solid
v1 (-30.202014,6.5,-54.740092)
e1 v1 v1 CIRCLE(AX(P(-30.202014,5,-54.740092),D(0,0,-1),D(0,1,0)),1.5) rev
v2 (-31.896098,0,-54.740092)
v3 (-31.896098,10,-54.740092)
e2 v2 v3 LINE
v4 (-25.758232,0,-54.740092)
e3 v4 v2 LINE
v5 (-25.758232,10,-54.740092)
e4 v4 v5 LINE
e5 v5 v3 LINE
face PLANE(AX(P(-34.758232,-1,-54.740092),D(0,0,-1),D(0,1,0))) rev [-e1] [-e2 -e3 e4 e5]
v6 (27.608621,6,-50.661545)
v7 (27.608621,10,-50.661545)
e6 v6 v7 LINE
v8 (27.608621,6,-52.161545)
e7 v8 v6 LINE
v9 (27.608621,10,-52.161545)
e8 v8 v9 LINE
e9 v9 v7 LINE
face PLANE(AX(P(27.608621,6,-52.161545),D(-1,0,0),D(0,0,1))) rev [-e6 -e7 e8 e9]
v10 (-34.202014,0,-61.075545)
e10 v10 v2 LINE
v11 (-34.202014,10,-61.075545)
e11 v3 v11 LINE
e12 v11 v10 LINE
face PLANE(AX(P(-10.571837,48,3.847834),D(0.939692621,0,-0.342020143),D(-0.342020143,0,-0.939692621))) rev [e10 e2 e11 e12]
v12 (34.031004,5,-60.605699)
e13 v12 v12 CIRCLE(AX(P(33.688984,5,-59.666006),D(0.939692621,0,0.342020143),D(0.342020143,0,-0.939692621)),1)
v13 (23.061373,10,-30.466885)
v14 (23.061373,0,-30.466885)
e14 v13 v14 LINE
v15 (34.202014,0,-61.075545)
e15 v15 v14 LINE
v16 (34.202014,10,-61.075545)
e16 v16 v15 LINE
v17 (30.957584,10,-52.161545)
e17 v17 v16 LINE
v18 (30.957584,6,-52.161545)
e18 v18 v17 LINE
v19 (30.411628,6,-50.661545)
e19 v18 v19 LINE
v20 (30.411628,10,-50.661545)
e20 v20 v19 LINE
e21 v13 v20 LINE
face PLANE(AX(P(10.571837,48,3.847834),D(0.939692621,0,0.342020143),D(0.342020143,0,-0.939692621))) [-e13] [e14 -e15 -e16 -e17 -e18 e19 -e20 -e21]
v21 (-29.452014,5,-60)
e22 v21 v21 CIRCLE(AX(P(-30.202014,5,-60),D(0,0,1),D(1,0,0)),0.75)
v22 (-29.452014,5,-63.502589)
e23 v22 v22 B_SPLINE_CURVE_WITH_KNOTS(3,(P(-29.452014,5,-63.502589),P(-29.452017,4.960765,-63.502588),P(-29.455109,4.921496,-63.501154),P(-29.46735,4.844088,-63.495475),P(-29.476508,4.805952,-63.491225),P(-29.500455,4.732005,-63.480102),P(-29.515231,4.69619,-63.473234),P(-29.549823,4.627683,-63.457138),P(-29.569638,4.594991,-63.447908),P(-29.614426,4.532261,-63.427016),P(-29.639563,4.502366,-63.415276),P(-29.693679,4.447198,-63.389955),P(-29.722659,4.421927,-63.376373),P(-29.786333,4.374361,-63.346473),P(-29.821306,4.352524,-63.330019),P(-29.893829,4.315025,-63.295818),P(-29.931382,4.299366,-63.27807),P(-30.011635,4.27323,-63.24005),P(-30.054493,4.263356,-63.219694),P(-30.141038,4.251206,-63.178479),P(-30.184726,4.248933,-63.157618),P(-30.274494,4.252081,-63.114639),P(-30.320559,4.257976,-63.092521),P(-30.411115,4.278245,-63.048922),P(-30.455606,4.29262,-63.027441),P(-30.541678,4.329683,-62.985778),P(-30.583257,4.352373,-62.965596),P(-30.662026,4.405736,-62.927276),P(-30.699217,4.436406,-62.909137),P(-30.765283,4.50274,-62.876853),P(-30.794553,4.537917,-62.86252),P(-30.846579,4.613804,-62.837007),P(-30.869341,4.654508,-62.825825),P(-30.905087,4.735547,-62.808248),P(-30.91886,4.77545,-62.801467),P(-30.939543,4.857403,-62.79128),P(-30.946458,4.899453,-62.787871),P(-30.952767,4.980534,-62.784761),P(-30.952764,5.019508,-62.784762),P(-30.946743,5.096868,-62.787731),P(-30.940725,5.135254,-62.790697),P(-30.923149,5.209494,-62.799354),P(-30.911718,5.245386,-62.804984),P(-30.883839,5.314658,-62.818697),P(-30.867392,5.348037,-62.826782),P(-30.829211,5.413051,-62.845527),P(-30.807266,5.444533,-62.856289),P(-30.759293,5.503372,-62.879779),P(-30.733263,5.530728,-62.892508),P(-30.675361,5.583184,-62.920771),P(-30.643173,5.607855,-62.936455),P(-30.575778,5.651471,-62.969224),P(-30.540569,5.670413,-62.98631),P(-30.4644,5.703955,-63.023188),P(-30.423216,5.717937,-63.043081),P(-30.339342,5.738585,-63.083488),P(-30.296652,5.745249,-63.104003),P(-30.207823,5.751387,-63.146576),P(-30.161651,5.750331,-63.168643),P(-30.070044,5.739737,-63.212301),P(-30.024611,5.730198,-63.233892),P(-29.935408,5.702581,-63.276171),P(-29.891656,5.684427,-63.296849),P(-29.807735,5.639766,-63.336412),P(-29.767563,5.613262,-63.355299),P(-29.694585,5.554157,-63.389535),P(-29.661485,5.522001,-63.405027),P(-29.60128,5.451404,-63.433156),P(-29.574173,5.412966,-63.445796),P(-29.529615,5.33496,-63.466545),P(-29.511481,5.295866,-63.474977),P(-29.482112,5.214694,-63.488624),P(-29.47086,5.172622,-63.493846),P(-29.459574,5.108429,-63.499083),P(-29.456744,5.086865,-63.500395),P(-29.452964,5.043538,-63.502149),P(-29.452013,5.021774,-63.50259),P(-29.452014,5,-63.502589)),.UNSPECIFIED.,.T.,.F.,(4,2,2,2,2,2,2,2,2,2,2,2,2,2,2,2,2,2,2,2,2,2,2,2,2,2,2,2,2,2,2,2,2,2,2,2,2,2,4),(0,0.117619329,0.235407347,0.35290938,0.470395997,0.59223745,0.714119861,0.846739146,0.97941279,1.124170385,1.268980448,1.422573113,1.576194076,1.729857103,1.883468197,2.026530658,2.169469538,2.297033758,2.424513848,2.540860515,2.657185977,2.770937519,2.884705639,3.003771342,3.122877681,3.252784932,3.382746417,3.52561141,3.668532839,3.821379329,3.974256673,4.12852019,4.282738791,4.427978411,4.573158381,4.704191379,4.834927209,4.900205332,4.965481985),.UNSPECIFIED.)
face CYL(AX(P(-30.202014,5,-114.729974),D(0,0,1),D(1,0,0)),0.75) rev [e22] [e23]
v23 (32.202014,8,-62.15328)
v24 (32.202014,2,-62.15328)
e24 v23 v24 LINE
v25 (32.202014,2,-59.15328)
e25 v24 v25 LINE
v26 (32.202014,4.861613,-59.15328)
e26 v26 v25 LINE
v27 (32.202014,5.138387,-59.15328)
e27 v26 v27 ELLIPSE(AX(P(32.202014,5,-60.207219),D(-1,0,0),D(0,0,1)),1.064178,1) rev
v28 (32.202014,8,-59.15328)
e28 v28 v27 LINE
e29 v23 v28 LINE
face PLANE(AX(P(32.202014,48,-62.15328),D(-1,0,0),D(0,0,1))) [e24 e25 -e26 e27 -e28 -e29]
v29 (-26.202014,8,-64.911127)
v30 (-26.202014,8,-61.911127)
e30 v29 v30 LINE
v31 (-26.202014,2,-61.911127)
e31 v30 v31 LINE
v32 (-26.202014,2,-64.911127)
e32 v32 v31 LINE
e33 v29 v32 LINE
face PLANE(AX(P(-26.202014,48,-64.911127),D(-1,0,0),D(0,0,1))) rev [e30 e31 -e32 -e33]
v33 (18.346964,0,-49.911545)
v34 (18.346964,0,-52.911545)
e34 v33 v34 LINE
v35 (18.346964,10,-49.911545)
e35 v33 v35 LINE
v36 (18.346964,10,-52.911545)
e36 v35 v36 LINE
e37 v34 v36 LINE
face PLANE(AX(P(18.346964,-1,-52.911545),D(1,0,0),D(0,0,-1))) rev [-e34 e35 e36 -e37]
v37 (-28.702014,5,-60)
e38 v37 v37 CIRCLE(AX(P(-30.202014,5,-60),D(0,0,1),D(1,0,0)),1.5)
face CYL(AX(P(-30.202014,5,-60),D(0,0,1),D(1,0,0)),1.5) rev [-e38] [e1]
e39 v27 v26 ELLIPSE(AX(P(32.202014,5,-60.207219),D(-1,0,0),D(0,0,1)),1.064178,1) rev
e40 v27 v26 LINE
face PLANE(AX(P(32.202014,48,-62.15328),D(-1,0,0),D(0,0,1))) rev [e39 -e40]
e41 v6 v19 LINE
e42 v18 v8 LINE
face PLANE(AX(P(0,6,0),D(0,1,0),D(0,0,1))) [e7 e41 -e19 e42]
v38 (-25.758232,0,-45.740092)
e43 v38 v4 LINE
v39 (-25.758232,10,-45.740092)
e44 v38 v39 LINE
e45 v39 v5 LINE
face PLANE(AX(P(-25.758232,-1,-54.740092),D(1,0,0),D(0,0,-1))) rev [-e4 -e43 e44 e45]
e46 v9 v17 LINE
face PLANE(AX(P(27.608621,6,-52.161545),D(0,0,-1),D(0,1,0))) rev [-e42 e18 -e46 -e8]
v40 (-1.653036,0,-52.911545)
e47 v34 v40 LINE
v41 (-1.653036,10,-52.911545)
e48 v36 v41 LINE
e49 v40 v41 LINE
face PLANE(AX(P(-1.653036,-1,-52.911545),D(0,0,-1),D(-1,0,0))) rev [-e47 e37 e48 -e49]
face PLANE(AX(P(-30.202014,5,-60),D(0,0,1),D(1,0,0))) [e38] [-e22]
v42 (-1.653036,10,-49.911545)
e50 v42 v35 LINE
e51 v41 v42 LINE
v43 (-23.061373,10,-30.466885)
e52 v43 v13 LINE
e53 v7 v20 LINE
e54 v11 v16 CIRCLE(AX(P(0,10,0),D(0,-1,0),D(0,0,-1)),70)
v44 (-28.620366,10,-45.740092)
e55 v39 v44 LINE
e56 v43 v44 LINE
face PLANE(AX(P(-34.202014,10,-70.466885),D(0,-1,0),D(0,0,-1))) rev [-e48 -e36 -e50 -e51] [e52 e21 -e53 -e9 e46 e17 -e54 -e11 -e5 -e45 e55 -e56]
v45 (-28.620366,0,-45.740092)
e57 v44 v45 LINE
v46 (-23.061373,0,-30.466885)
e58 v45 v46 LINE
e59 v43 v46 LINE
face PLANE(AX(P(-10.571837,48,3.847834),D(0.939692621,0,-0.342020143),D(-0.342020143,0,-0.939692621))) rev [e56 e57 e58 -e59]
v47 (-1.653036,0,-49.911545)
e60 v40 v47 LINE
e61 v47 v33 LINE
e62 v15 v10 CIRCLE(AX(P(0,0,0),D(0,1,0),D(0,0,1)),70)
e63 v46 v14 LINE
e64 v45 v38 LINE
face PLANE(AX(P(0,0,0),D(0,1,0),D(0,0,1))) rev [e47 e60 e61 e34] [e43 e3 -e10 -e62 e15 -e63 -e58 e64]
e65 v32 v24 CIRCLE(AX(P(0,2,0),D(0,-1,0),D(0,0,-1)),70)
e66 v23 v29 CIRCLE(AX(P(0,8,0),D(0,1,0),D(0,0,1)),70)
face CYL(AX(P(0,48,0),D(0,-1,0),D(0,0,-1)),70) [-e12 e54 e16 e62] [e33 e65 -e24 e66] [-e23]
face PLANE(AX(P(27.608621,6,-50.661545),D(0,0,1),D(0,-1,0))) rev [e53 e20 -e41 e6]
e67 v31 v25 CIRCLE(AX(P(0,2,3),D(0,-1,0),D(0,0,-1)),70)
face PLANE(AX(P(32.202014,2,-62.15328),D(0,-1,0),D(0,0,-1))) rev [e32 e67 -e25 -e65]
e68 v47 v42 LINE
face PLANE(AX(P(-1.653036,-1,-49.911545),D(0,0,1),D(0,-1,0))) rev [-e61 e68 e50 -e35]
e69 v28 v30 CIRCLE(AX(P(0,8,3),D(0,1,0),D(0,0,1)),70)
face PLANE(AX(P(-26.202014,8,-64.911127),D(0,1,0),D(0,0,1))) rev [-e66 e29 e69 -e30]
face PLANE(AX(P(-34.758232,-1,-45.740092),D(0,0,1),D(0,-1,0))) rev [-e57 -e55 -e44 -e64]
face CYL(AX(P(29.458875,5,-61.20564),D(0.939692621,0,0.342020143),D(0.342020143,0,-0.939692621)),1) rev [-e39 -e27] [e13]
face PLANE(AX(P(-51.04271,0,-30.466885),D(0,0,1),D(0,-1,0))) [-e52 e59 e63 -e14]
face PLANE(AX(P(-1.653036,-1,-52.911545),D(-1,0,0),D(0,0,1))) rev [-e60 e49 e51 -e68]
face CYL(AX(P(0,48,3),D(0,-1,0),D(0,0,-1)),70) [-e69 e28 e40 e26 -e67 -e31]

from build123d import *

# Parameters (mm, degrees)
EXTRUDE_1_DEPTH            = 48
CUT_EXTRUDE_2_REACH        = 96.508
CUT_EXTRUDE_2_START_RADIUS = 70
CUT_EXTRUDE_2_END_RADIUS   = 70
SKETCH_3_W                 = 58.404028666
SKETCH_3_H                 = 6
EXTRUDE_2_DEPTH            = 13
CUT_EXTRUDE_3_DEPTH        = 140.034418617
CUT_EXTRUDE_3_DEPTH_BACK   = 140.034418617
SKETCH_4_W                 = 25
SKETCH_4_H                 = 38
SKETCH_4_W_2               = 40
SKETCH_4_H_2               = 25
CHAMFER_1_SIZE             = 5
CHAMFER_1_SIZE2            = 3.813196151
SKETCH_6_R                 = 6.5
CUT_EXTRUDE_4_DEPTH        = 2
SKETCH_7_R                 = 1.5
CUT_EXTRUDE_5_DEPTH        = 60
SKETCH_8_W                 = 9
SKETCH_8_H                 = 9
CUT_EXTRUDE_6_DEPTH        = 11
CUT_EXTRUDE_8_REACH        = 137.533
SKETCH_10_R                = 1
CUT_EXTRUDE_9_REACH        = 105.034
CUT_EXTRUDE_9_END_RADIUS   = 70
SKETCH_11_R                = 0.75
SKETCH_12_W                = 20
SKETCH_12_H                = 3
CUT_EXTRUDE_10_DEPTH       = 11
SKETCH_13_W                = 3.868283576
SKETCH_13_H                = 1.5
CUT_EXTRUDE_11_DEPTH       = 4
CUT_EXTRUDE_12_REACH       = 137.476
SKETCH_15_OUTSIDE_W        = 122.502
SKETCH_15_OUTSIDE_H        = 162.955
SKETCH_15_OUTSIDE_W_2      = 109.971714071
SKETCH_15_OUTSIDE_H_2      = 49.254432198
CUT_EXTRUDE_13_DEPTH       = 10


with BuildPart() as part:
    # 草图1 → 凸台-拉伸1 (new body)
    with BuildSketch(Plane(origin=(0, 0, 0), x_dir=(1, 0, 0), z_dir=(0, 1, 0))):
        with BuildLine():
            ThreePointArc((-9.396926208, -7.075874358), (-5.735764364, -11.847193368), (0, -13.655672925))
            Line((0, -13.655672925), (0, -5))
            ThreePointArc((0, -5), (-5, 0), (0, 5))
            Line((0, 5), (0, 70))
            ThreePointArc((0, 70), (-17.673593853, 67.732149533), (-34.202014333, 61.075545152))
            Line((-34.202014333, 61.075545152), (-9.396926208, -7.075874358))
        make_face()
        with BuildLine():
            Line((0, -5), (0, -13.655672925))
            ThreePointArc((0, -13.655672925), (5.735764364, -11.847193368), (9.396926208, -7.075874358))
            Line((9.396926208, -7.075874358), (34.202014333, 61.075545152))
            ThreePointArc((34.202014333, 61.075545152), (17.673593853, 67.732149533), (0, 70))
            Line((0, 70), (0, 5))
            ThreePointArc((0, 5), (3.535533906, 3.535533906), (5, 0))
            ThreePointArc((5, 0), (3.535533906, -3.535533906), (0, -5))
        make_face()
    extrude(amount=EXTRUDE_1_DEPTH)

    # 切除-拉伸2: from a cylinder face, 96.508 long prism both ways, kept between that surface and its translate by the depth
    cut_extrude_2_start = Plane(origin=(0, 5, 0), z_dir=(0, -1, 0)) * Cylinder(CUT_EXTRUDE_2_START_RADIUS, 334.016, mode=Mode.PRIVATE)
    cut_extrude_2_end = Plane(origin=(0, 5, 3), z_dir=(0, -1, 0)) * Cylinder(CUT_EXTRUDE_2_END_RADIUS, 334.016, mode=Mode.PRIVATE)
    # 草图3 → 切除-拉伸2 (cut, from a surface)
    with BuildSketch(Plane.XY, mode=Mode.PRIVATE) as cut_extrude_2_sk1:
        with Locations((3, 5)):
            Rectangle(SKETCH_3_W, SKETCH_3_H)
    cut_extrude_2_tool1 = extrude(cut_extrude_2_sk1.sketch, amount=CUT_EXTRUDE_2_REACH, both=True, mode=Mode.PRIVATE)
    add(((cut_extrude_2_tool1 & cut_extrude_2_start) - cut_extrude_2_end).solids().sort_by_distance((3, 5, -62.032204))[0], mode=Mode.SUBTRACT)

    # 草图2 → 凸台-拉伸2 (add)
    with BuildSketch(Plane(origin=(0, 48, 0), x_dir=(1, 0, 0), z_dir=(0, 1, 0))):
        Polygon((24.252642572, 33.739870901), (55.034455471, 118.312206771), (20.125623779, 80.877067961), (5.458790156, 40.580273767), align=None)
    extrude(amount=-EXTRUDE_2_DEPTH)

    # 草图4 → 切除-拉伸3 (cut, two sides: drawn at the far end of the back side and taken through both)
    with BuildSketch(Plane(origin=(0, 0, 0), x_dir=(0, 0, -1), z_dir=(1, 0, 0)).offset(-CUT_EXTRUDE_3_DEPTH_BACK)):
        with Locations((-1.155672925, 29)):
            Rectangle(SKETCH_4_W, SKETCH_4_H)
        with Locations((50.466884927, 22.5)):
            Rectangle(SKETCH_4_W_2, SKETCH_4_H_2)
    extrude(amount=CUT_EXTRUDE_3_DEPTH + CUT_EXTRUDE_3_DEPTH_BACK, mode=Mode.SUBTRACT)

    # 倒角1
    chamfer_1_edges = [part.edges().sort_by_distance(p)[0] for p in [
        (55.034455471, 41.5, -118.312206771),
    ]]
    chamfer_1_side = [part.faces().sort_by_distance(p)[0] for p in [
        (37.580039625, 41.5, -99.594637366),
    ]]
    chamfer(chamfer_1_edges, length=CHAMFER_1_SIZE, length2=CHAMFER_1_SIZE2, reference=chamfer_1_side[0])

    # 草图6 → 切除-拉伸4 (cut)
    with BuildSketch(Plane.XZ):
        with Locations(Location((0, 0, 0), (0, 0, 270))):
            Circle(SKETCH_6_R)
    extrude(amount=-CUT_EXTRUDE_4_DEPTH, mode=Mode.SUBTRACT)

    # 草图7 → 切除-拉伸5 (cut)
    with BuildSketch(Plane.XY):
        with Locations((-30.202014333, 5)):
            Circle(SKETCH_7_R)
    extrude(amount=-CUT_EXTRUDE_5_DEPTH, mode=Mode.SUBTRACT)

    # 草图8 → 切除-拉伸6 (cut)
    with BuildSketch(Plane(origin=(0, 10, 0), x_dir=(1, 0, 0), z_dir=(0, 1, 0))):
        with Locations((-30.258231885, 50.240091929)):
            Rectangle(SKETCH_8_W, SKETCH_8_H)
    extrude(amount=-CUT_EXTRUDE_6_DEPTH, mode=Mode.SUBTRACT)

    # 切除-拉伸8: up to this plane
    cut_extrude_8_end = Plane(origin=(32.202014333, 48, -62.153280468), z_dir=(-1, 0, 0))
    # 草图10 → 切除-拉伸8 (cut, up to the surface)
    with BuildSketch(Plane(origin=(10.571836839, 0, 3.847833931), x_dir=(0.34202014332566283, 0, -0.9396926207859106), z_dir=(0.9396926207859106, 0, 0.34202014332566283)), mode=Mode.PRIVATE) as cut_extrude_8_sk1:
        with Locations((67.590016934, 5)):
            Circle(SKETCH_10_R)
    cut_extrude_8_tool1 = split(extrude(cut_extrude_8_sk1.sketch, amount=-CUT_EXTRUDE_8_REACH, mode=Mode.PRIVATE), bisect_by=cut_extrude_8_end, keep=Keep.BOTH, mode=Mode.PRIVATE)
    add(cut_extrude_8_tool1.solids().sort_by_distance((33.688984, 5, -59.666006))[0], mode=Mode.SUBTRACT)

    # 切除-拉伸9: up to this cylinder (the profile starts inside it)
    cut_extrude_9_end = Plane(origin=(0, 5, 0), z_dir=(0, -1, 0)) * Cylinder(CUT_EXTRUDE_9_END_RADIUS, 351.068, mode=Mode.PRIVATE)
    # 草图11 → 切除-拉伸9 (cut, up to the surface)
    with BuildSketch(Plane.XY.offset(-60), mode=Mode.PRIVATE) as cut_extrude_9_sk1:
        with Locations((-30.202014333, 5)):
            Circle(SKETCH_11_R)
    cut_extrude_9_tool1 = extrude(cut_extrude_9_sk1.sketch, amount=-CUT_EXTRUDE_9_REACH, mode=Mode.PRIVATE) & cut_extrude_9_end
    add(cut_extrude_9_tool1.solids().sort_by_distance((-30.202014, 5, -60))[0], mode=Mode.SUBTRACT)

    # 草图12 → 切除-拉伸10 (cut)
    with BuildSketch(Plane(origin=(0, 10, 0), x_dir=(1, 0, 0), z_dir=(0, 1, 0))):
        with Locations((8.346963974, 51.411545488)):
            Rectangle(SKETCH_12_W, SKETCH_12_H)
    extrude(amount=-CUT_EXTRUDE_10_DEPTH, mode=Mode.SUBTRACT)

    # 草图13 → 切除-拉伸11 (cut)
    with BuildSketch(Plane(origin=(0, 10, 0), x_dir=(1, 0, 0), z_dir=(0, 1, 0))):
        with Locations((29.542762739, 51.411545488)):
            Rectangle(SKETCH_13_W, SKETCH_13_H)
    extrude(amount=-CUT_EXTRUDE_11_DEPTH, mode=Mode.SUBTRACT)

    # 草图14 → 切除-拉伸12 (cut, up to next)
    with BuildSketch(Plane(origin=(0, 48, 0), x_dir=(1, 0, 0), z_dir=(0, 1, 0)), mode=Mode.PRIVATE) as cut_extrude_12_sk1:
        Polygon((49.766128767, 108.223290792), (49.034775066, 108.905289152), (40.168796385, 99.397691031), (40.900150086, 98.715692671), align=None)
    cut_extrude_12_tool1 = extrude(cut_extrude_12_sk1.sketch, amount=-CUT_EXTRUDE_12_REACH, mode=Mode.PRIVATE) & part.part
    add(cut_extrude_12_tool1.solids().sort_by_distance((44.967463, 48, -103.810491))[0], mode=Mode.SUBTRACT)

    # 草图15 outside → 切除-拉伸13 (cut)
    with BuildSketch(Plane(origin=(0, 10, 0), x_dir=(1, 0, 0), z_dir=(0, 1, 0))):
        with Locations((9.764, 50.5365)):
            Rectangle(SKETCH_15_OUTSIDE_W, SKETCH_15_OUTSIDE_H)
        with Locations((3.943147272, 55.094101026)):
            Rectangle(SKETCH_15_OUTSIDE_W_2, SKETCH_15_OUTSIDE_H_2, mode=Mode.SUBTRACT)
    extrude(amount=-CUT_EXTRUDE_13_DEPTH, mode=Mode.SUBTRACT)


with BuildPart() as body_2:
    # of the pieces the cut leaves, the one that is kept (cut_extrude_13_keep)
    add(part.part.solids().sort_by_distance((23.0613731, 0, -30.466884927))[0])


solid = body_2.part
